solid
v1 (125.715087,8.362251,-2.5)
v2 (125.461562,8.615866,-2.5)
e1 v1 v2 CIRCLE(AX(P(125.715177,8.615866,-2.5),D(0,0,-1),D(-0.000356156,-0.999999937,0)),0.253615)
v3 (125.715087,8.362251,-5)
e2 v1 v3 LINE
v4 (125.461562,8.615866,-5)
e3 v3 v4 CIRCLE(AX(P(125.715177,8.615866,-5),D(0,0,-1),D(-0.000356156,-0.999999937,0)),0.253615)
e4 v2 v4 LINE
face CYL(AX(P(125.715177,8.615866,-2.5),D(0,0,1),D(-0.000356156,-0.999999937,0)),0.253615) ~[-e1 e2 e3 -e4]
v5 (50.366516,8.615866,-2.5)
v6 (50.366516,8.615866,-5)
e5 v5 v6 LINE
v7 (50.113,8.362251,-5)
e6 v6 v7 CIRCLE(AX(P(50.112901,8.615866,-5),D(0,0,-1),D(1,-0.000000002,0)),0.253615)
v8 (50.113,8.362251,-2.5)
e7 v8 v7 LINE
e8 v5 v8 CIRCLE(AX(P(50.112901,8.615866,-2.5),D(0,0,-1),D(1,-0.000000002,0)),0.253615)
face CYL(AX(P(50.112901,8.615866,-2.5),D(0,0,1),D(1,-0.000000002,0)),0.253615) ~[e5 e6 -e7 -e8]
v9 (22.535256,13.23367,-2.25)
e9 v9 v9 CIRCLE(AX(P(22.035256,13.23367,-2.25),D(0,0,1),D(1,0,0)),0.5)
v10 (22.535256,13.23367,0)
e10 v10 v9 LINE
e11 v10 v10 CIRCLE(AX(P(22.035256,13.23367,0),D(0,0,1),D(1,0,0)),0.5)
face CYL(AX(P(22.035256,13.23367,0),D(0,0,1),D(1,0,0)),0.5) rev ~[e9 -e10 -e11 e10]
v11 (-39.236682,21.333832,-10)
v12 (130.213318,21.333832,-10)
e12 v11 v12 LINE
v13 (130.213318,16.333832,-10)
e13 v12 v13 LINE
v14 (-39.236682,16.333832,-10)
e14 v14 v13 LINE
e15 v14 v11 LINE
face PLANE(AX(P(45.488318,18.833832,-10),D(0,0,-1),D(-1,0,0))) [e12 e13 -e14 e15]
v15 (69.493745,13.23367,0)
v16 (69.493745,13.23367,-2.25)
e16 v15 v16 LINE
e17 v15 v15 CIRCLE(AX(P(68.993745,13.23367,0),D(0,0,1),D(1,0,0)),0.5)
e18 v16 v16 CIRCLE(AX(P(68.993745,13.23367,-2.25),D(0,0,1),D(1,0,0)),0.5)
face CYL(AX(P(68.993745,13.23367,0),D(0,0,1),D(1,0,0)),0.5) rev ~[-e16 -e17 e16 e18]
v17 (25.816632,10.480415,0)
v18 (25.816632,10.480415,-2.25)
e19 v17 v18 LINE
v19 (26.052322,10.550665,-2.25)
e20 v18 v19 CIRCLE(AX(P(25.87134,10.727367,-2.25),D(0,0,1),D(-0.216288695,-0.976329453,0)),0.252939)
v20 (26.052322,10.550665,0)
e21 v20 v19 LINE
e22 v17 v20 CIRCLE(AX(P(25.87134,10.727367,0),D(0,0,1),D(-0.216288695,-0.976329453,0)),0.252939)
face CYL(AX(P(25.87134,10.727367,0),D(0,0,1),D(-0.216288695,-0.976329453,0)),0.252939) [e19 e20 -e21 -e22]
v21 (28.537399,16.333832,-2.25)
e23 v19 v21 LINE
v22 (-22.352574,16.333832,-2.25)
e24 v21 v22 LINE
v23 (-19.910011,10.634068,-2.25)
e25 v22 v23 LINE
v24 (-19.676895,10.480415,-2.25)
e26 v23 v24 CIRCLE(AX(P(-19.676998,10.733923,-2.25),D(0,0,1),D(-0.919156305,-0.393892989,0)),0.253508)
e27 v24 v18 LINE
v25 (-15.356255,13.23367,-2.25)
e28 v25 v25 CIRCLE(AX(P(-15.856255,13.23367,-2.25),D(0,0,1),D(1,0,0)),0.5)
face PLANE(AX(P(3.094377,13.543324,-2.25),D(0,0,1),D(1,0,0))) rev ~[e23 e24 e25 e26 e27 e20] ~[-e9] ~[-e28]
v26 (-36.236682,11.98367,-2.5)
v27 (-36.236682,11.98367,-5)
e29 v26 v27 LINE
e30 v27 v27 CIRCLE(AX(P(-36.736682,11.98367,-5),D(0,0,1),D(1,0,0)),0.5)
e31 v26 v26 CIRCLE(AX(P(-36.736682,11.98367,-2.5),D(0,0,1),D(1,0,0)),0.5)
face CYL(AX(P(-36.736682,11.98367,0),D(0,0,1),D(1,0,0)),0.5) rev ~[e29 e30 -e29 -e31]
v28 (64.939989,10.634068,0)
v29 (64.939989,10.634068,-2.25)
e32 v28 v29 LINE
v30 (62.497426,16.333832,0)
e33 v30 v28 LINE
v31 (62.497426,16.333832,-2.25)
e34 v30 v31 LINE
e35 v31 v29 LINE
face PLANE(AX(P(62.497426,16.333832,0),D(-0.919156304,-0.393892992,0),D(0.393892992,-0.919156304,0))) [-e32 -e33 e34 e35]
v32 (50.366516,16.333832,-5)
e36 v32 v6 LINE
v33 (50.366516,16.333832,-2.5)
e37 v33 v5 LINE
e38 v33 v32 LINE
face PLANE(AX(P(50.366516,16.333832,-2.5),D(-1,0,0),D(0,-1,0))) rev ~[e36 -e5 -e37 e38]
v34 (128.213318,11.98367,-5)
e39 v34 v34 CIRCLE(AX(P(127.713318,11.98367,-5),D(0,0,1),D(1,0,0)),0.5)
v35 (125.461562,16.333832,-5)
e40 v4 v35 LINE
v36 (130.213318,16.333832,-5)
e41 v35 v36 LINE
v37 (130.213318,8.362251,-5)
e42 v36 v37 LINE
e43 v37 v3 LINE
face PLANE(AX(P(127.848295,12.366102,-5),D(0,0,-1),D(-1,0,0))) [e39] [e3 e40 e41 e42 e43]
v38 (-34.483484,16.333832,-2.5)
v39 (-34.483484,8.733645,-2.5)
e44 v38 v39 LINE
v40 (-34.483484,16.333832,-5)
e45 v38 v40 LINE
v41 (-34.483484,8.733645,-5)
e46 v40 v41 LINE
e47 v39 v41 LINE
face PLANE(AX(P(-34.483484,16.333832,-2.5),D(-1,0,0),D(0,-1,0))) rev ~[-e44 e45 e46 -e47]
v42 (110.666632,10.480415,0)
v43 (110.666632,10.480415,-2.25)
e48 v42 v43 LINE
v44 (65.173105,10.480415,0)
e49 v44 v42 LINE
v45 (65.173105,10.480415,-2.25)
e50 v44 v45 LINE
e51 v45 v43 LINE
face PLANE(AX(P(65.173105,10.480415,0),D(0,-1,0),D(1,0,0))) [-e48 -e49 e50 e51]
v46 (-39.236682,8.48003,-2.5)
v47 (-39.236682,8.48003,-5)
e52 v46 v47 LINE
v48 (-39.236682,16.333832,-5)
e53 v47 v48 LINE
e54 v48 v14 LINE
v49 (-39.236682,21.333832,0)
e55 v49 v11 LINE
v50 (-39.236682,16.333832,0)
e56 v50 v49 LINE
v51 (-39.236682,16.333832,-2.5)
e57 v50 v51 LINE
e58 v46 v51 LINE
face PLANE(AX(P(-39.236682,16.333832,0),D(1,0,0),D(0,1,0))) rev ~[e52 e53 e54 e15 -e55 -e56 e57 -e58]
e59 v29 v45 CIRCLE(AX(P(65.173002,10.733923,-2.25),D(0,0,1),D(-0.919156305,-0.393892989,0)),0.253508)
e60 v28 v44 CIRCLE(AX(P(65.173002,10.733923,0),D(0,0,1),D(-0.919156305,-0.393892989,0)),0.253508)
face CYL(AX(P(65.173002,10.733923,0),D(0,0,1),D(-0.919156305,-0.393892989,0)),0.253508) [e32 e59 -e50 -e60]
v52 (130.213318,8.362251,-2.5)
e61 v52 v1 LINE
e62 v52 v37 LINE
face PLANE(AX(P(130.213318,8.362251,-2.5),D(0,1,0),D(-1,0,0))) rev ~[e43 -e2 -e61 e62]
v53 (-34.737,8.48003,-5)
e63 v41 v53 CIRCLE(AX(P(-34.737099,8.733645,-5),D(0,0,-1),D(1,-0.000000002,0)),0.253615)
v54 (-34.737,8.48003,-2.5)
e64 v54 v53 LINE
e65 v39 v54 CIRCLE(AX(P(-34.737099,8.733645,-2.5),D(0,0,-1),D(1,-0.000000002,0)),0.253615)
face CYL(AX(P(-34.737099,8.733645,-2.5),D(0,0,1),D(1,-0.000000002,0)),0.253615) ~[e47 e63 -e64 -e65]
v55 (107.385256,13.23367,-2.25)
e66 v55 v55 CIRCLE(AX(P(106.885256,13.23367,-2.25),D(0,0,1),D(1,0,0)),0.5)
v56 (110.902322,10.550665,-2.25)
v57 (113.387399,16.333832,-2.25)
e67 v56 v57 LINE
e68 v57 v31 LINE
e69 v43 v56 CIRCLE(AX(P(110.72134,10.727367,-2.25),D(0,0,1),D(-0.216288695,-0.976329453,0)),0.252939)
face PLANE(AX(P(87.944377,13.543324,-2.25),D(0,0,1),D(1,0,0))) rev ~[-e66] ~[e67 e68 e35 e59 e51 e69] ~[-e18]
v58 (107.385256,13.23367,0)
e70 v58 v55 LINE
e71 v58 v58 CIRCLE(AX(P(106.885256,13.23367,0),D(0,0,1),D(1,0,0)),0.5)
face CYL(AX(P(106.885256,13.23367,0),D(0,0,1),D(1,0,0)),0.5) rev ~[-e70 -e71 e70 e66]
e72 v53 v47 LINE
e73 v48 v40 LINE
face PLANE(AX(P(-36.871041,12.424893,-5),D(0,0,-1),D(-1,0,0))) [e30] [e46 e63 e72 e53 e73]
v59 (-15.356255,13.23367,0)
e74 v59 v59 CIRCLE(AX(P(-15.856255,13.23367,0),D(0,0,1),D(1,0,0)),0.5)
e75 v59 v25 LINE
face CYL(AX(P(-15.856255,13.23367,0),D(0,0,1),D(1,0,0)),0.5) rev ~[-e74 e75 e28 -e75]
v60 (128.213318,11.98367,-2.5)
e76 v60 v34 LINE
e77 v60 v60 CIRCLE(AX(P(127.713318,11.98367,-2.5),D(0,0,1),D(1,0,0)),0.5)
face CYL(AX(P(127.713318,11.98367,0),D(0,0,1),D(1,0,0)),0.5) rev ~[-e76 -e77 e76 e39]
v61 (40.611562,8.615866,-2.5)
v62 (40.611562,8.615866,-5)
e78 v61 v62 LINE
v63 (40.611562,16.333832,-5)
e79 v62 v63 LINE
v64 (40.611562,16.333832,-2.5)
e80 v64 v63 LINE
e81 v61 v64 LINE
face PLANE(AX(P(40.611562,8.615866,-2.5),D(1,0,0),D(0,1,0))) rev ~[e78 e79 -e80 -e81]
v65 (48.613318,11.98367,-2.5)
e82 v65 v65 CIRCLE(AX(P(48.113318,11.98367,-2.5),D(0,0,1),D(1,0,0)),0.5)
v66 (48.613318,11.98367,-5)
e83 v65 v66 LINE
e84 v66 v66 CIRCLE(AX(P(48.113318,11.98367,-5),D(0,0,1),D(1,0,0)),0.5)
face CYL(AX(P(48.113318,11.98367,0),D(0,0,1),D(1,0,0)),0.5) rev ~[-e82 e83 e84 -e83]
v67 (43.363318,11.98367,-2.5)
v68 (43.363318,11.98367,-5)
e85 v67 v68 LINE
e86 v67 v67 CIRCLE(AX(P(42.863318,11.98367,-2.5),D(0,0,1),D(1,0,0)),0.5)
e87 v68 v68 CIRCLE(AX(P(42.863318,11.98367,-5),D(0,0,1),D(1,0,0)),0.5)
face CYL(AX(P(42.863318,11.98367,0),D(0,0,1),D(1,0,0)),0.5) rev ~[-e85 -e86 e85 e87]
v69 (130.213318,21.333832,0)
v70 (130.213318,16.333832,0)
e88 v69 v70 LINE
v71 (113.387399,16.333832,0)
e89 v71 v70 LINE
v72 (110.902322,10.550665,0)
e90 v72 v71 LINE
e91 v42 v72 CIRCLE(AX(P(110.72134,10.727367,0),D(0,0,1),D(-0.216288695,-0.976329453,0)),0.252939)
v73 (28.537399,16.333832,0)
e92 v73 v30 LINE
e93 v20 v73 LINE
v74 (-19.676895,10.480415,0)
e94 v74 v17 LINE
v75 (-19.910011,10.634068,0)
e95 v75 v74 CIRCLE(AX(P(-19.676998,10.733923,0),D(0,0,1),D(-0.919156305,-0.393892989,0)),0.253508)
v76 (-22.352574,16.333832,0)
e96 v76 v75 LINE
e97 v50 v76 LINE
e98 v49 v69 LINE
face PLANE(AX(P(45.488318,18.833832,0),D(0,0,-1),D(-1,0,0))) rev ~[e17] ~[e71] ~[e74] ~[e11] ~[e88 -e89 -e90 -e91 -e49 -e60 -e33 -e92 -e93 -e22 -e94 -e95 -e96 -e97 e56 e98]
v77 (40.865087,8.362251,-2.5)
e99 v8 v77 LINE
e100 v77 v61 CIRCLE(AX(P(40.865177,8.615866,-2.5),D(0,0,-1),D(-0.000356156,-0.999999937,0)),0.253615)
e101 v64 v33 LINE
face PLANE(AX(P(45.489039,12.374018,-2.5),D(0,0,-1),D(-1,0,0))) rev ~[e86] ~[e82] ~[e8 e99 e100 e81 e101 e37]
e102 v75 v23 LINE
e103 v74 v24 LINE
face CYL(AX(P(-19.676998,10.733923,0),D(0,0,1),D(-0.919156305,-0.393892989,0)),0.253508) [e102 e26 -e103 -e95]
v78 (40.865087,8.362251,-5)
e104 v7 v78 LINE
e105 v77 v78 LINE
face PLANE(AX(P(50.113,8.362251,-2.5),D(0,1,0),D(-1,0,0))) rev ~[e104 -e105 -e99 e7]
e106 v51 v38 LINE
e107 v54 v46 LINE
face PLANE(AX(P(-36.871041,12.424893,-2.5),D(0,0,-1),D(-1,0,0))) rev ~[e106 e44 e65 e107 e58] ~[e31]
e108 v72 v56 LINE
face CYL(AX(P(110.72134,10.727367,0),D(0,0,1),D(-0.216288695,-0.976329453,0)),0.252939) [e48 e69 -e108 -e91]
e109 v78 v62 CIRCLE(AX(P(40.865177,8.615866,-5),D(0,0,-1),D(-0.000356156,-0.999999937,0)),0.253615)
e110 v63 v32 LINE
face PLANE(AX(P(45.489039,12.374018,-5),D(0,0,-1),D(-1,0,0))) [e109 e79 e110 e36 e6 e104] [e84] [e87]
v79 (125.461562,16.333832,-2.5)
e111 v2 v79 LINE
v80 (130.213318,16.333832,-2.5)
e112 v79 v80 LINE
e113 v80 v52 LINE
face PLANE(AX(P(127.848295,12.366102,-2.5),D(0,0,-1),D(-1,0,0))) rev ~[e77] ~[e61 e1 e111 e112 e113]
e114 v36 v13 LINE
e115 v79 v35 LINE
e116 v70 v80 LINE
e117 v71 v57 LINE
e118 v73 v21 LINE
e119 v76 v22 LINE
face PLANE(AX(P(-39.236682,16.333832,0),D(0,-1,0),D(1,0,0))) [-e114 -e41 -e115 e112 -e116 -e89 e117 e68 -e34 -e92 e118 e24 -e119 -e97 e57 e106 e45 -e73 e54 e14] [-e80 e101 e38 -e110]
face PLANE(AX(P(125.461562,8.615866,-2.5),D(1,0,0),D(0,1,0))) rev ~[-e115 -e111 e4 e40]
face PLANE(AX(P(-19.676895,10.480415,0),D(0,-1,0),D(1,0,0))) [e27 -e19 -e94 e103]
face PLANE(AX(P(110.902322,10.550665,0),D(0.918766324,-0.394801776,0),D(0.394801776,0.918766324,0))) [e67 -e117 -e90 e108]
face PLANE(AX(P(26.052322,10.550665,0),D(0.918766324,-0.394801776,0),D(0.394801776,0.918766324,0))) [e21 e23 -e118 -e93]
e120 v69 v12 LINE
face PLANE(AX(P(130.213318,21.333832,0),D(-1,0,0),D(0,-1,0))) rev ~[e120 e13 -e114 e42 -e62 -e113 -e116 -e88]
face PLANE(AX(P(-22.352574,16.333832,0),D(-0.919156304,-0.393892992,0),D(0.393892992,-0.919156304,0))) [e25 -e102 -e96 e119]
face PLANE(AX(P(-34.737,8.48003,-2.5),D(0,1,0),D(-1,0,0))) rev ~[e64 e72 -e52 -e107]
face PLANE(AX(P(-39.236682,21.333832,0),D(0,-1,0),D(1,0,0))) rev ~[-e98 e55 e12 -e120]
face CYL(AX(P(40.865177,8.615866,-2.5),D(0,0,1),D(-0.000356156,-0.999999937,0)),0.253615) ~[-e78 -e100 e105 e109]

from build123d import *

# Parameters (mm, degrees)
BOSS_EXTRUDE6_DEPTH     = 2.25
BOSS_EXTRUDE6_2_DEPTH   = 2.25
BOSS_EXTRUDE7_DEPTH     = 10
BOSS_EXTRUDE8_START     = -2.5
BOSS_EXTRUDE8_DEPTH     = 2.5
SKETCH8_R               = 0.5
CUT_EXTRUDE1_DEPTH      = 1
CUT_EXTRUDE1_DEPTH_BACK = 11


with BuildPart() as part:
    # Sketch7 → Boss-Extrude6 (new body)
    with BuildSketch(Plane.XY):
        with BuildLine():
            Line((28.537398615, 16.333832112), (-22.352574149, 16.333832112))
            Line((-22.352574149, 16.333832112), (-19.910011337, 10.634068342))
            ThreePointArc((-19.910011337, 10.634068342), (-19.816511792, 10.522258081), (-19.67689491, 10.480415214))
            Line((-19.67689491, 10.480415214), (25.816632323, 10.480415214))
            ThreePointArc((25.816632323, 10.480415214), (25.943590008, 10.484966358), (26.052322057, 10.550664975))
            Line((26.052322057, 10.550664975), (28.537398615, 16.333832112))
        make_face()
    extrude(amount=-BOSS_EXTRUDE6_DEPTH)



with BuildPart() as body_2:
    # Sketch7 → Boss-Extrude6 2 (new body)
    with BuildSketch(Plane.XY):
        with BuildLine():
            Line((113.387398615, 16.333832112), (62.497425851, 16.333832112))
            Line((62.497425851, 16.333832112), (64.939988663, 10.634068342))
            ThreePointArc((64.939988663, 10.634068342), (65.033488208, 10.522258081), (65.17310509, 10.480415214))
            Line((65.17310509, 10.480415214), (110.666632323, 10.480415214))
            ThreePointArc((110.666632323, 10.480415214), (110.793590008, 10.484966358), (110.902322057, 10.550664975))
            Line((110.902322057, 10.550664975), (113.387398615, 16.333832112))
        make_face()
    extrude(amount=-BOSS_EXTRUDE6_2_DEPTH)


with BuildPart() as part_1:
    add(part.part)

    add(body_2.part)  # Boss-Extrude7 merges body 2
    # Sketch7<12> → Boss-Extrude7 (add)
    with BuildSketch(Plane.XY):
        Polygon((130.21331835, 21.333832112), (130.21331835, 16.333832112), (125.46156201, 16.333832112), (113.387398615, 16.333832112), (62.497425851, 16.333832112), (50.366516028, 16.333832112), (40.61156201, 16.333832112), (28.537398615, 16.333832112), (-22.352574149, 16.333832112), (-34.483483972, 16.333832112), (-39.23668165, 16.333832112), (-39.23668165, 21.333832112), align=None)
    extrude(amount=-BOSS_EXTRUDE7_DEPTH)

    # Sketch7<13> → Boss-Extrude8 (add)
    with BuildSketch(Plane.XY.offset(BOSS_EXTRUDE8_START)):
        with BuildLine():
            Line((-34.736999841, 8.480030179), (-39.23668165, 8.480030179))
            Line((-39.23668165, 8.480030179), (-39.23668165, 16.333832112))
            Line((-39.23668165, 16.333832112), (-34.483483972, 16.333832112))
            Line((-34.483483972, 16.333832112), (-34.483483972, 8.733645436))
            ThreePointArc((-34.483483972, 8.733645436), (-34.557731024, 8.554347504), (-34.736999841, 8.480030179))
        make_face()
        with BuildLine():
            Line((40.61156201, 8.615866414), (40.61156201, 16.333832112))
            Line((40.61156201, 16.333832112), (50.366516028, 16.333832112))
            Line((50.366516028, 16.333832112), (50.366516028, 8.61586641))
            ThreePointArc((50.366516028, 8.61586641), (50.292268976, 8.436568478), (50.113000159, 8.362251153))
            Line((50.113000159, 8.362251153), (40.86508696, 8.362251153))
            ThreePointArc((40.86508696, 8.362251153), (40.685812272, 8.43656527), (40.61156201, 8.615866414))
        make_face()
        with BuildLine():
            Line((125.46156201, 8.615866414), (125.46156201, 16.333832112))
            Line((125.46156201, 16.333832112), (130.21331835, 16.333832112))
            Line((130.21331835, 16.333832112), (130.21331835, 8.362251153))
            Line((130.21331835, 8.362251153), (125.71508696, 8.362251153))
            ThreePointArc((125.71508696, 8.362251153), (125.535812272, 8.43656527), (125.46156201, 8.615866414))
        make_face()
    extrude(amount=-BOSS_EXTRUDE8_DEPTH)

    # Sketch8 → Cut-Extrude1 (cut, two sides)
    with BuildSketch(Plane.XY) as cut_extrude1_sk:
        with Locations((-36.73668165, 11.983669629)):
            Circle(SKETCH8_R)
        with Locations((-15.856255457, 13.233669629)):
            Circle(SKETCH8_R)
        with Locations((22.035256017, 13.233669629)):
            Circle(SKETCH8_R)
        with Locations((42.86331835, 11.983669629)):
            Circle(SKETCH8_R)
        with Locations((48.11331835, 11.983669629)):
            Circle(SKETCH8_R)
        with Locations((68.993744543, 13.233669629)):
            Circle(SKETCH8_R)
        with Locations((106.885256017, 13.233669629)):
            Circle(SKETCH8_R)
        with Locations((127.71331835, 11.983669629)):
            Circle(SKETCH8_R)
    extrude(amount=CUT_EXTRUDE1_DEPTH, mode=Mode.SUBTRACT)
    extrude(cut_extrude1_sk.sketch, amount=-CUT_EXTRUDE1_DEPTH_BACK, mode=Mode.SUBTRACT)


solid = part_1.part
